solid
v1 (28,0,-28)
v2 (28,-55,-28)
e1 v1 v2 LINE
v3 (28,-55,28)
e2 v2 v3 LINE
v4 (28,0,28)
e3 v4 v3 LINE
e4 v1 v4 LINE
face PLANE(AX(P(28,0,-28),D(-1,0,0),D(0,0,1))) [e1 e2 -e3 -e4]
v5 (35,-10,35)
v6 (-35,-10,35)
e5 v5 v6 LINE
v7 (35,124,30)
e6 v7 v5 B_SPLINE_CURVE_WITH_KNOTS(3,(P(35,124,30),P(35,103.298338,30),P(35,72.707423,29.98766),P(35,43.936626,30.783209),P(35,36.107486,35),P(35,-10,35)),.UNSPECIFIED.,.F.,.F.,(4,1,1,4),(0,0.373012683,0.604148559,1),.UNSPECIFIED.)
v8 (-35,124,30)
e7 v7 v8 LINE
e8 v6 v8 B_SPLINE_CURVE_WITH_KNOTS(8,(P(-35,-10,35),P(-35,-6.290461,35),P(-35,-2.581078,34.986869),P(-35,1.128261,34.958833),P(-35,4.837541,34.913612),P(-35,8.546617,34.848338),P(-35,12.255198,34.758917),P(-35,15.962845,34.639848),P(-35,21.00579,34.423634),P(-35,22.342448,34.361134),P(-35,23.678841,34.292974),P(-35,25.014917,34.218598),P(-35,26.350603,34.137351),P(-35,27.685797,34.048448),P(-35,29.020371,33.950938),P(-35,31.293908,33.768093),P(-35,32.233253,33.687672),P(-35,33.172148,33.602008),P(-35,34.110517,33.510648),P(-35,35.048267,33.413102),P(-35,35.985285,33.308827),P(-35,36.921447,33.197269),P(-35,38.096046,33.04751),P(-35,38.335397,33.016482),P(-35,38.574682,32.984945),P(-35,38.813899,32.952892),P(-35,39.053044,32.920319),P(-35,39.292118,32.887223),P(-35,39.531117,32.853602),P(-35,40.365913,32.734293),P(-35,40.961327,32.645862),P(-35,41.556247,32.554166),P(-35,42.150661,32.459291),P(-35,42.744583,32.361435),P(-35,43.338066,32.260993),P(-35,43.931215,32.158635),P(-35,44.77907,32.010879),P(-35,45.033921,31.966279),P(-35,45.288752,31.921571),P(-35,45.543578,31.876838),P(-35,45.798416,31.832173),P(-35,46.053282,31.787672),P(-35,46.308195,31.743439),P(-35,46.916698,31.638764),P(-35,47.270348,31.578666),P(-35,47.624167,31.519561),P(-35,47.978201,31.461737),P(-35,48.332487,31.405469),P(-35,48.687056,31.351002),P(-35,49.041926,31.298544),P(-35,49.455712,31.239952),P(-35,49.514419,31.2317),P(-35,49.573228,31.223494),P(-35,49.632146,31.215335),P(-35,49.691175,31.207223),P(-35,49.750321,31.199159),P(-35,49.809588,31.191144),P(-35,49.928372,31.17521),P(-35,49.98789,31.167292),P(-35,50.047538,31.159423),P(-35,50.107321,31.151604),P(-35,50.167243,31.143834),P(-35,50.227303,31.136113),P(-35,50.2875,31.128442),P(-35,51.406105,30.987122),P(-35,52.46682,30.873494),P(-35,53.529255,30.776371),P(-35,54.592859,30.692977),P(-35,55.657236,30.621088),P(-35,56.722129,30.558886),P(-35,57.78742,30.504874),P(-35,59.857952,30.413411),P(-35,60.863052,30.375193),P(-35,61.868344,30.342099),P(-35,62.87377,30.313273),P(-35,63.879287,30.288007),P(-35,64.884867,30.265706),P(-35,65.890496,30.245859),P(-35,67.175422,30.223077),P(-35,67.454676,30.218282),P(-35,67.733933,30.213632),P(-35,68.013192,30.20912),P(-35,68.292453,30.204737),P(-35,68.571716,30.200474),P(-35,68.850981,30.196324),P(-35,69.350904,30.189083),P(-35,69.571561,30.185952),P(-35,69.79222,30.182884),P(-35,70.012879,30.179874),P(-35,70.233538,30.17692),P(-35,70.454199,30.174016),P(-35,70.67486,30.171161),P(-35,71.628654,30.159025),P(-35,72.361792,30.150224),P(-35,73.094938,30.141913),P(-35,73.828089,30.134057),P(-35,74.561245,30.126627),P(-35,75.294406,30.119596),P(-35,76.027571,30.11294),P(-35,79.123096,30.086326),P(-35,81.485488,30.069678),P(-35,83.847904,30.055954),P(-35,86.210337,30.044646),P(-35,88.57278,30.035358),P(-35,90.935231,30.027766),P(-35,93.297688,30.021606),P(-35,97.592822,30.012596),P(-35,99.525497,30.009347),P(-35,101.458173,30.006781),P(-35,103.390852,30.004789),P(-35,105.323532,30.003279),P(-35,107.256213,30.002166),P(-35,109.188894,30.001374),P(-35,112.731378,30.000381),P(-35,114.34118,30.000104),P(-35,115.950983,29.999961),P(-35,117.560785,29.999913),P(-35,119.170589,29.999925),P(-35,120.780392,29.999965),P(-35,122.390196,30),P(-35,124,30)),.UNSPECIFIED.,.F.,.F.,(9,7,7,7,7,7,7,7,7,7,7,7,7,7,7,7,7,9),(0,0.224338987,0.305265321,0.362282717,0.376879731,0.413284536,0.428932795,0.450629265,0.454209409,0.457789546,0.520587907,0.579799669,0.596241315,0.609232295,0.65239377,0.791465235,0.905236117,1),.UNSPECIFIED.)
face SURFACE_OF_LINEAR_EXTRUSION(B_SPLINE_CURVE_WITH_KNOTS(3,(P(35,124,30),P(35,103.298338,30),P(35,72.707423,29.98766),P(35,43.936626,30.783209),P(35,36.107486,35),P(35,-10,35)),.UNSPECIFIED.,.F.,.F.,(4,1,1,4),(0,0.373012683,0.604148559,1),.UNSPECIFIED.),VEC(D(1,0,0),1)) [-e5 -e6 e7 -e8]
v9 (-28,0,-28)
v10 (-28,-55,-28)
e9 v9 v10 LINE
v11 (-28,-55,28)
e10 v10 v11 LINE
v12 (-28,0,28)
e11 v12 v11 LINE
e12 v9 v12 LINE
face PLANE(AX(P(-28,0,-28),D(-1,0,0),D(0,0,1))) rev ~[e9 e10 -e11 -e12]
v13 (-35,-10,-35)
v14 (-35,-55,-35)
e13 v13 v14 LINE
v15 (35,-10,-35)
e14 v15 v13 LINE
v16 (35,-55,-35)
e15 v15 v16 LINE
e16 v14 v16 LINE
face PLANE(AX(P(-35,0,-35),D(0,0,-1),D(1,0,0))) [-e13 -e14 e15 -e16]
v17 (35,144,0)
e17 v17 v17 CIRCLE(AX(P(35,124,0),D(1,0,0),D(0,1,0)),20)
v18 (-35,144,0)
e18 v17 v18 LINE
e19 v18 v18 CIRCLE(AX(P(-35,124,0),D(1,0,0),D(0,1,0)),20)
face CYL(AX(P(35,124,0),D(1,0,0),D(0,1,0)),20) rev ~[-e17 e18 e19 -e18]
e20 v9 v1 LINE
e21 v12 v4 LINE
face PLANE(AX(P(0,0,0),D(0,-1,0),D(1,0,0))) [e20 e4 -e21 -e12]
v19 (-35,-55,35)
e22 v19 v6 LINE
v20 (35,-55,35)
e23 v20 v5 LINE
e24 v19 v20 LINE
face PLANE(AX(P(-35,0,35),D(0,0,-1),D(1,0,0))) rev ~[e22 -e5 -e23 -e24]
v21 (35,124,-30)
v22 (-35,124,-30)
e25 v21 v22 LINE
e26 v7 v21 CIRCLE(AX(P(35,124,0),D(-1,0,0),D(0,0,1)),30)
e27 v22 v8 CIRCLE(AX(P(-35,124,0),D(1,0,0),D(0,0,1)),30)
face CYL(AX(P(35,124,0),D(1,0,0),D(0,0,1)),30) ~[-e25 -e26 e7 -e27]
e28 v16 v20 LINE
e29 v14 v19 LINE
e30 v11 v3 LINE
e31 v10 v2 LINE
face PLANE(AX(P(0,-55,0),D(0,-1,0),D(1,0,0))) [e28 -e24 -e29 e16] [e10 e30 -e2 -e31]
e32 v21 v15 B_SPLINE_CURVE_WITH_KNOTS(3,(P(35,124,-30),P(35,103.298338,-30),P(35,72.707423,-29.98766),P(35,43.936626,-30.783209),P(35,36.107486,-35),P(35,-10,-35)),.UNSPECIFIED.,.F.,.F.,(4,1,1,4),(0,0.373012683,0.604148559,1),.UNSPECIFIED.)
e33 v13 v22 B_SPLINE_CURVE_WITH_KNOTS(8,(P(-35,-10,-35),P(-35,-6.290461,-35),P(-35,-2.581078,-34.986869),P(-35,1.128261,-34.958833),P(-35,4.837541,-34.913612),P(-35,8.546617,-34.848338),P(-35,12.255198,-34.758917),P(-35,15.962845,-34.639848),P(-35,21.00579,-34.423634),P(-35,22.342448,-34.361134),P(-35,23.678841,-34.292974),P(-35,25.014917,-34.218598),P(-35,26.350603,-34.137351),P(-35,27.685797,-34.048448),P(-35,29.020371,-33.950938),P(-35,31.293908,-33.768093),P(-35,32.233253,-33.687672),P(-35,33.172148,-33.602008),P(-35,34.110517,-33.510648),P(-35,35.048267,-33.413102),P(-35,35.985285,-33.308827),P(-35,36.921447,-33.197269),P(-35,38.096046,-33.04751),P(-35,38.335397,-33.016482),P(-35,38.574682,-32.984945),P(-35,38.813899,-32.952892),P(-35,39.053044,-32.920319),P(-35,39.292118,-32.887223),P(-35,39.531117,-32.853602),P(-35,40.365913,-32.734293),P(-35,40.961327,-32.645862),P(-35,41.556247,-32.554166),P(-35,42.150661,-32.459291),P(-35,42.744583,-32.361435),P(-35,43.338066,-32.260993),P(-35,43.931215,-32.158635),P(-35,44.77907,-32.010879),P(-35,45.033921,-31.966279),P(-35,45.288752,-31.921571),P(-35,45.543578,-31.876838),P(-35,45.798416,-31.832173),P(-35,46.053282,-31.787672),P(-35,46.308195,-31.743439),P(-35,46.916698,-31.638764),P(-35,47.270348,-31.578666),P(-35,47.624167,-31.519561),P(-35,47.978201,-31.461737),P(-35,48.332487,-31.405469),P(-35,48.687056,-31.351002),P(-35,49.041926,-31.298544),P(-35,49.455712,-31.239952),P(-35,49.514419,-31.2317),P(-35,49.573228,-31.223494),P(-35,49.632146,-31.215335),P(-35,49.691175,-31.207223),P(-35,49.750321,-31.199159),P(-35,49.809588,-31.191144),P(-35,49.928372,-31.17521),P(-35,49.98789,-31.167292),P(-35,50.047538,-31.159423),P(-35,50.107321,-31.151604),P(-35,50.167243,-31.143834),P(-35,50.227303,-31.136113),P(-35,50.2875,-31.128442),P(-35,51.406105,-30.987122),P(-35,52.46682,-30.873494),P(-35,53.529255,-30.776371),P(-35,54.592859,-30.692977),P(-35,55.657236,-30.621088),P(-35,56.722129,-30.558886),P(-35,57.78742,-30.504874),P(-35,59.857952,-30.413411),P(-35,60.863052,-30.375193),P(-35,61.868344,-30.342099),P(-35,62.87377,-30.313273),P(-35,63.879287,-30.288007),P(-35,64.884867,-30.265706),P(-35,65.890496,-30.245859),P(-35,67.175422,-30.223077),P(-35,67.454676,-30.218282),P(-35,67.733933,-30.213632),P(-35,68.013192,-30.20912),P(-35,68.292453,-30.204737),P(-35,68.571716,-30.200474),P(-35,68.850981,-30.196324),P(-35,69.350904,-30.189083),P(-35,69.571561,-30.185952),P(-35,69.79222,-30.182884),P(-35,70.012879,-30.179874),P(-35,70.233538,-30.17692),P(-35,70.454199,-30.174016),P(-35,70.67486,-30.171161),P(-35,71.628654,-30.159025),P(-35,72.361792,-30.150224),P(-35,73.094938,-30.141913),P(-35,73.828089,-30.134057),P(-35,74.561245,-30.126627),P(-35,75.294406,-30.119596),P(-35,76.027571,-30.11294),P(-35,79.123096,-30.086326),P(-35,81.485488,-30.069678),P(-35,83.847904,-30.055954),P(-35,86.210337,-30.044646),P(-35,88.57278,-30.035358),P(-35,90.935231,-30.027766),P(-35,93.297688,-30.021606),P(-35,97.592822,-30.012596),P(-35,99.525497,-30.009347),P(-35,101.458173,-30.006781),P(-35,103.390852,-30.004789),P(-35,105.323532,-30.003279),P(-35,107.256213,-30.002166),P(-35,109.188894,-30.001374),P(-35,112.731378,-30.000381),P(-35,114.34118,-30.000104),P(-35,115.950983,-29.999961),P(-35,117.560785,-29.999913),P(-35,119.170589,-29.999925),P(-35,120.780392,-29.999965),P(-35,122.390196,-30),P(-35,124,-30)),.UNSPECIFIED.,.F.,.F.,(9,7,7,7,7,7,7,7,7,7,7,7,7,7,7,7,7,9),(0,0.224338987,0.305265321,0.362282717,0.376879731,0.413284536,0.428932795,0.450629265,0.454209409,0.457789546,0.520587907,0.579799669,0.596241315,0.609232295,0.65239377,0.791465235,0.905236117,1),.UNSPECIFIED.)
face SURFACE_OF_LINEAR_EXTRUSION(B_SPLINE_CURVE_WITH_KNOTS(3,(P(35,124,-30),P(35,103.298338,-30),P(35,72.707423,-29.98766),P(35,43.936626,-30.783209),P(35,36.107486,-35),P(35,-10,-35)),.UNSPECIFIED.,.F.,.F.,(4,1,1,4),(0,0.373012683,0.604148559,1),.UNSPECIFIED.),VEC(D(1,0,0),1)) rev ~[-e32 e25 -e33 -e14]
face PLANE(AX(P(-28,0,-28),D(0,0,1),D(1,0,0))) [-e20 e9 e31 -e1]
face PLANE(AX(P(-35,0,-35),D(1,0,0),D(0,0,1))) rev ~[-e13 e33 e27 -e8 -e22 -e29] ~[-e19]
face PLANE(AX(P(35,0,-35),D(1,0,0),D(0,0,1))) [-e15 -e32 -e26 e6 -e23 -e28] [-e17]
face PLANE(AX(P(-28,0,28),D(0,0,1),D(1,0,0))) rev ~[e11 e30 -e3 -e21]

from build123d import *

# Parameters (mm, degrees)
F0_W     = 70
F0_H     = 70
F0_W_2   = 56
F0_H_2   = 56
F1_DEPTH = 55
F2_DEPTH = 380
F3_R     = 20
F4_DEPTH = 70.001


with BuildPart() as f1:
    # F0 (on Front) → F1 (new body)
    with BuildSketch(Plane.XZ):
        Rectangle(F0_W, F0_H)
        Rectangle(F0_W_2, F0_H_2, mode=Mode.SUBTRACT)
    extrude(amount=F1_DEPTH)

    # F0 (on Front) → F2 (join)
    with BuildSketch(Plane.XZ):
        Rectangle(F0_W, F0_H)
        Rectangle(F0_W_2, F0_H_2, mode=Mode.SUBTRACT)
        Rectangle(F0_W_2, F0_H_2)
    extrude(amount=-F2_DEPTH)

    # F3 (on face) → F4 (cut, through all)
    with BuildSketch(Plane.YZ.offset(35)):
        with BuildLine():
            ThreePointArc((124, 30), (145.2132034356, 21.2132034356), (154, 0))
            ThreePointArc((154, 0), (145.2132034356, -21.2132034356), (124, -30))
            add(Edge.make_bspline(
                [(124, -30), (103.2983378934, -30), (72.7074229784, -29.9876599501), (43.9366263473, -30.7832092477), (36.1074860936, -35), (-10, -35)],
                knots=[0, 0, 0, 0, 0.3730126835, 0.6041485586, 1, 1, 1, 1], degree=3))
            Line((-10, -35), (380, -35))
            Line((380, -35), (380, 35))
            Line((380, 35), (-10, 35))
            add(Edge.make_bspline(
                [(124, 30), (103.2983378934, 30), (72.7074229784, 29.9876599501), (43.9366263473, 30.7832092477), (36.1074860936, 35), (-10, 35)],
                knots=[0, 0, 0, 0, 0.3730126835, 0.6041485586, 1, 1, 1, 1], degree=3))
        make_face()
        with Locations((124, 0)):
            Circle(F3_R)
    extrude(amount=-F4_DEPTH, mode=Mode.SUBTRACT)


solid = f1.part
